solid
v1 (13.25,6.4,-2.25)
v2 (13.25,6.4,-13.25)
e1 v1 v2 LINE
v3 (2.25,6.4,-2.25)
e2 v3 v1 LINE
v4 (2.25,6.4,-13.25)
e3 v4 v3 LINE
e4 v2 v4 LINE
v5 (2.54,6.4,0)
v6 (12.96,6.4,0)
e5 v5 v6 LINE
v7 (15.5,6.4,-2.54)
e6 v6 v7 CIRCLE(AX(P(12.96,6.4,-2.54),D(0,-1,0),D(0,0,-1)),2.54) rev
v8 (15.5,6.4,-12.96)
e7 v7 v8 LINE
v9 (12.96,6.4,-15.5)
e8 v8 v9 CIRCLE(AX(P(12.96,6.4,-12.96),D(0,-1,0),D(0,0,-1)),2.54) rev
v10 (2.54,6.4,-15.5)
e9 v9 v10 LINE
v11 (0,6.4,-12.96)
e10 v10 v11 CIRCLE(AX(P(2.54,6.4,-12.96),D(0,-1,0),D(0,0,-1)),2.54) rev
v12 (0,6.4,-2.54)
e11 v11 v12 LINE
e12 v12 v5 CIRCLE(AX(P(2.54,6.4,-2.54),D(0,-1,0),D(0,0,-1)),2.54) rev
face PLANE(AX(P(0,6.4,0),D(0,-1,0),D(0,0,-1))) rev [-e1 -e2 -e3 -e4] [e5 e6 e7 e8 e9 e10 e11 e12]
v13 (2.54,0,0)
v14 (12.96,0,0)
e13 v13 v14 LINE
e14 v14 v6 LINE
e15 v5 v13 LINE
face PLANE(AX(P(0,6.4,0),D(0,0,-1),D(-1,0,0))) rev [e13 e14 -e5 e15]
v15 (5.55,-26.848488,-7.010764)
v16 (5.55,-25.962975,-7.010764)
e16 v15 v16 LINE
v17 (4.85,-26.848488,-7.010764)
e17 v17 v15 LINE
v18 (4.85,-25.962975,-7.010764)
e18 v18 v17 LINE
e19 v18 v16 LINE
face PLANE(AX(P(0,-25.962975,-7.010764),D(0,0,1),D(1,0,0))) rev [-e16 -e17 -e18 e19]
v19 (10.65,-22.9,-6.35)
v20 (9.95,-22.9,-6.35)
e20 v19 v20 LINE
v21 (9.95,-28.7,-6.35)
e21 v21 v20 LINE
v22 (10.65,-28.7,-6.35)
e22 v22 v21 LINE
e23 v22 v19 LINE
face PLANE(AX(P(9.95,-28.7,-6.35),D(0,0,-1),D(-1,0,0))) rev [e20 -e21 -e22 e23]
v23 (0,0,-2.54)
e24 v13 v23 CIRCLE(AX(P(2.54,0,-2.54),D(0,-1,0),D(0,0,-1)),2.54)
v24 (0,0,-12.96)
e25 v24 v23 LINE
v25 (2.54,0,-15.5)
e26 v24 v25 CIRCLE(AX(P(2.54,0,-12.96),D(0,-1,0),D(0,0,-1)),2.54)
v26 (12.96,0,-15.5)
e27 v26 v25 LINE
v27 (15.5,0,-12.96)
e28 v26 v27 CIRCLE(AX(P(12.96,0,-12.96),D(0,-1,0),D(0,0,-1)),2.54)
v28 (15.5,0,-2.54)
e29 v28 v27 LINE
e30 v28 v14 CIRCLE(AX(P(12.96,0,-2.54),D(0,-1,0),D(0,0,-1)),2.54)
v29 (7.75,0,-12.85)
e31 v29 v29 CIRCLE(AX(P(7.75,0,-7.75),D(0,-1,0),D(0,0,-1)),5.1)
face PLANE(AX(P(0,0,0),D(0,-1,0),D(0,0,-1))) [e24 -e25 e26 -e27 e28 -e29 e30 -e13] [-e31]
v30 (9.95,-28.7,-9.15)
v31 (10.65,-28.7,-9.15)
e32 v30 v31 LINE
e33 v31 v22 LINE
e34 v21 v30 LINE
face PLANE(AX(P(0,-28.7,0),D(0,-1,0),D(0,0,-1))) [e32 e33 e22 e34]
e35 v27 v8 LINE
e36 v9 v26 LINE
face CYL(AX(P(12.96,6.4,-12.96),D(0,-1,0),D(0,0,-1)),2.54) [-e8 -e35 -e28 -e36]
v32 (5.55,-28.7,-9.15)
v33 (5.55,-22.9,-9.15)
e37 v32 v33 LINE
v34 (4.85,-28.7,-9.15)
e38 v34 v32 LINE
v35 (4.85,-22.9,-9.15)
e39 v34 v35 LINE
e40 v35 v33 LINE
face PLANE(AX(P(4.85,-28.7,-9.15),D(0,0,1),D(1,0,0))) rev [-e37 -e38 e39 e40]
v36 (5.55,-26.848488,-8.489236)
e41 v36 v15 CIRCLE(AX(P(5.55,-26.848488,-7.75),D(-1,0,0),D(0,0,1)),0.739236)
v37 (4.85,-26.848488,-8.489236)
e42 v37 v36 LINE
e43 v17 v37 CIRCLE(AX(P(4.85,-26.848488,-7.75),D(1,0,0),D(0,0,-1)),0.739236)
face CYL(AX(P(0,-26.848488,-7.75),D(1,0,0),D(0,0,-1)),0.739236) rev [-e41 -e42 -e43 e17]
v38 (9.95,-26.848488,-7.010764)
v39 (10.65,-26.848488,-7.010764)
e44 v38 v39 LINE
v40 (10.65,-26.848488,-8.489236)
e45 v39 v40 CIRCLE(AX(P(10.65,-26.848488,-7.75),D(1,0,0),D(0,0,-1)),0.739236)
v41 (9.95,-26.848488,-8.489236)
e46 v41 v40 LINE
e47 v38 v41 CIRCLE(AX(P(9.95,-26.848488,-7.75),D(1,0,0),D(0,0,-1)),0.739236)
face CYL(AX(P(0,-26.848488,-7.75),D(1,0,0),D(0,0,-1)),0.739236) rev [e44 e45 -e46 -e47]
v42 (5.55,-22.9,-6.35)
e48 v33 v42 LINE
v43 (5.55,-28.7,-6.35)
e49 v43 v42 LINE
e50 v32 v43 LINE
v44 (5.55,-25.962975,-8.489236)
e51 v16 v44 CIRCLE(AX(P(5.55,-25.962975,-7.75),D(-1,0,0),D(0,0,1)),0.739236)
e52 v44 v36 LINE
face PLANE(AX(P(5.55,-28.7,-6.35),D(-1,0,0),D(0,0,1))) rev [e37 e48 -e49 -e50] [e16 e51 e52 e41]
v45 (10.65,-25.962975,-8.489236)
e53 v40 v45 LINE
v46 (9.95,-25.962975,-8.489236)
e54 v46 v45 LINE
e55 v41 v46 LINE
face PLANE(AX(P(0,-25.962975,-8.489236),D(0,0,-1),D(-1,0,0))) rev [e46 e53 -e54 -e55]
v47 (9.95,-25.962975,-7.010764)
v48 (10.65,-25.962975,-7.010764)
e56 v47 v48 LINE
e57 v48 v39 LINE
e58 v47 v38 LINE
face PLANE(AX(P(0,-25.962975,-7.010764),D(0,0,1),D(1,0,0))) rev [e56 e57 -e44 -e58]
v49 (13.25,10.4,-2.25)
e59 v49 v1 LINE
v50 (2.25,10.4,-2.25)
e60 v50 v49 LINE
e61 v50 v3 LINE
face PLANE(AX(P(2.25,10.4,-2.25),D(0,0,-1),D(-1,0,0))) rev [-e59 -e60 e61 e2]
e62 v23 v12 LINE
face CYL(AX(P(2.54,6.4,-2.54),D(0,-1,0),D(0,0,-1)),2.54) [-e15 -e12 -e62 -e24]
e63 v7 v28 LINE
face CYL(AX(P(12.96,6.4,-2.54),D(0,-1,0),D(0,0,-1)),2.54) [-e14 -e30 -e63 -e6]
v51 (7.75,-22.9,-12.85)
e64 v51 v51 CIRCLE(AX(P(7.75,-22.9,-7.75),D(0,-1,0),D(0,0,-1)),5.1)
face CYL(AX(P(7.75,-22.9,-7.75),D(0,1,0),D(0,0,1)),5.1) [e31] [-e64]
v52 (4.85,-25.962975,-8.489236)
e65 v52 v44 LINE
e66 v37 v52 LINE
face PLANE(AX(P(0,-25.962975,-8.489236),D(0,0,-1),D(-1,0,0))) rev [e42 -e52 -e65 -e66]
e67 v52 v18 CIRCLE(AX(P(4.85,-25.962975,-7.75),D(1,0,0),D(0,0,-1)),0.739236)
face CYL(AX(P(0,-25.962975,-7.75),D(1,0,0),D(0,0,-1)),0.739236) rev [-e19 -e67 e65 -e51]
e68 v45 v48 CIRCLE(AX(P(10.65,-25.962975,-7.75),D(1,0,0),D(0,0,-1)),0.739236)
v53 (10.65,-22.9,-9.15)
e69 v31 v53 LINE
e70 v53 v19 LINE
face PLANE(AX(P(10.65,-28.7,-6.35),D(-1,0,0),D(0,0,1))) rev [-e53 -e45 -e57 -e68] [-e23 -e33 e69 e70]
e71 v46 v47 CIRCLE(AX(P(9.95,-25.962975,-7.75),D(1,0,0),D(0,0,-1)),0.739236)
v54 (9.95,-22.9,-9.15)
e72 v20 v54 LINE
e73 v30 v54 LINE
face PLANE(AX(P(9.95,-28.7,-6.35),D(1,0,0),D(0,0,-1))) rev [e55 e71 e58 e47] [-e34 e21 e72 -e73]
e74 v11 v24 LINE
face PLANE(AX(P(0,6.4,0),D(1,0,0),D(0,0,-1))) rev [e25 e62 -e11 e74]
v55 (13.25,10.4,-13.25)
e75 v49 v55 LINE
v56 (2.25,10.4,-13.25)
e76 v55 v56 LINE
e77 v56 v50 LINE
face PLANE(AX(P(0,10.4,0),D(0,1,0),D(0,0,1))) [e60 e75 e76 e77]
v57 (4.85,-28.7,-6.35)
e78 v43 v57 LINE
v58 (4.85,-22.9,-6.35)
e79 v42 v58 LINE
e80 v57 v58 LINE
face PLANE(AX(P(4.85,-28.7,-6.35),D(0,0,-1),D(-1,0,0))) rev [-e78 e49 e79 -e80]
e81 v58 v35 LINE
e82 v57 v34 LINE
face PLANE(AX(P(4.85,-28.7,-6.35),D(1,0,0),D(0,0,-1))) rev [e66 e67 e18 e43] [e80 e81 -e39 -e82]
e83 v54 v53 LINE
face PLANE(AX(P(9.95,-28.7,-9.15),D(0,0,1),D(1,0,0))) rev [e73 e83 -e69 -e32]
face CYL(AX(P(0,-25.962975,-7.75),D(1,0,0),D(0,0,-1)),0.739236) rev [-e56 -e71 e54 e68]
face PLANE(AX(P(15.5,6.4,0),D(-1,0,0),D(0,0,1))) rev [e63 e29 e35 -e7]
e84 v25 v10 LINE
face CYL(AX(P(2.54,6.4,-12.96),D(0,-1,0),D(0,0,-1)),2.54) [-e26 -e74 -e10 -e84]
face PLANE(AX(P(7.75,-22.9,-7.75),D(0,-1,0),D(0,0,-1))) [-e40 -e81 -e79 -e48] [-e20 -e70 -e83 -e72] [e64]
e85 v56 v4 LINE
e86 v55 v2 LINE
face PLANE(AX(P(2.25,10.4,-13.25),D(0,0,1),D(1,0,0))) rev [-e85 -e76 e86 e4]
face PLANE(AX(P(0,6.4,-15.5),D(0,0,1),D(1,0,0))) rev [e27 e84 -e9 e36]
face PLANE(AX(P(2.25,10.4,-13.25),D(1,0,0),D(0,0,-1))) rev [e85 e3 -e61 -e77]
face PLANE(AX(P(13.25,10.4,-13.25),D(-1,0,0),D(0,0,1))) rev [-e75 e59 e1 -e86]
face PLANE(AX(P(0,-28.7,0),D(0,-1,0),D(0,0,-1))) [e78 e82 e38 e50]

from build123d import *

# Parameters (mm, degrees)
SKETCH1_W           = 15.5
SKETCH1_H           = 15.5
BOSS_EXTRUDE1_DEPTH = 6.4
FILLET1_R           = 2.54
FILLET2_R           = 2.54
FILLET3_R           = 2.54
FILLET4_R           = 2.54
SKETCH2_W           = 11
SKETCH2_H           = 11
BOSS_EXTRUDE2_DEPTH = 4
SKETCH3_R           = 5.1
BOSS_EXTRUDE3_DEPTH = 22.9
SKETCH4_W           = 0.7
SKETCH4_H           = 2.8
BOSS_EXTRUDE4_DEPTH = 5.8
CUT_EXTRUDE1_DEPTH  = 35.312716302


with BuildPart() as part:
    # Sketch1 → Boss-Extrude1 (new body)
    with BuildSketch(Plane(origin=(0, 0, 0), x_dir=(1, 0, 0), z_dir=(0, 1, 0))):
        with Locations((7.75, 7.75)):
            Rectangle(SKETCH1_W, SKETCH1_H)
    extrude(amount=BOSS_EXTRUDE1_DEPTH)

    # Fillet1
    fillet1_edges = [part.edges().sort_by_distance(p)[0] for p in [
        (15.5, 3.2, 0),
    ]]
    fillet(fillet1_edges, radius=FILLET1_R)

    # Fillet2
    fillet2_edges = [part.edges().sort_by_distance(p)[0] for p in [
        (0, 3.2, 0),
    ]]
    fillet(fillet2_edges, radius=FILLET2_R)

    # Fillet3
    fillet3_edges = [part.edges().sort_by_distance(p)[0] for p in [
        (15.5, 3.2, -15.5),
    ]]
    fillet(fillet3_edges, radius=FILLET3_R)

    # Fillet4
    fillet4_edges = [part.edges().sort_by_distance(p)[0] for p in [
        (0, 3.2, -15.5),
    ]]
    fillet(fillet4_edges, radius=FILLET4_R)

    # Sketch2 → Boss-Extrude2 (add)
    with BuildSketch(Plane(origin=(0, 6.4, 0), x_dir=(1, 0, 0), z_dir=(0, 1, 0))):
        with Locations((7.75, 7.75)):
            Rectangle(SKETCH2_W, SKETCH2_H)
    extrude(amount=BOSS_EXTRUDE2_DEPTH)

    # Sketch3 → Boss-Extrude3 (add)
    with BuildSketch(Plane.XZ):
        with Locations(Location((7.75, -7.75, 0), (0, 0, 270))):
            Circle(SKETCH3_R)
    extrude(amount=BOSS_EXTRUDE3_DEPTH)

    # Sketch4 → Boss-Extrude4 (add)
    with BuildSketch(Plane.XZ.offset(22.9)):
        with Locations((5.2, -7.75)):
            Rectangle(SKETCH4_W, SKETCH4_H)
        with Locations((10.3, -7.75)):
            Rectangle(SKETCH4_W, SKETCH4_H)
    extrude(amount=BOSS_EXTRUDE4_DEPTH)

    # Sketch5 → Cut-Extrude1 (cut, through all)
    with BuildSketch(Plane(origin=(10.65, 0, 0), x_dir=(0, 0, -1), z_dir=(1, 0, 0))):
        with BuildLine():
            Line((8.489235797, -25.962974619), (8.489235797, -26.848488265))
            ThreePointArc((8.489235797, -26.848488265), (7.75, -27.587724063), (7.010764203, -26.848488265))
            Line((7.010764203, -26.848488265), (7.010764203, -25.962974619))
            ThreePointArc((7.010764203, -25.962974619), (7.75, -25.223738822), (8.489235797, -25.962974619))
        make_face()
    extrude(amount=-CUT_EXTRUDE1_DEPTH, mode=Mode.SUBTRACT)


solid = part.part
